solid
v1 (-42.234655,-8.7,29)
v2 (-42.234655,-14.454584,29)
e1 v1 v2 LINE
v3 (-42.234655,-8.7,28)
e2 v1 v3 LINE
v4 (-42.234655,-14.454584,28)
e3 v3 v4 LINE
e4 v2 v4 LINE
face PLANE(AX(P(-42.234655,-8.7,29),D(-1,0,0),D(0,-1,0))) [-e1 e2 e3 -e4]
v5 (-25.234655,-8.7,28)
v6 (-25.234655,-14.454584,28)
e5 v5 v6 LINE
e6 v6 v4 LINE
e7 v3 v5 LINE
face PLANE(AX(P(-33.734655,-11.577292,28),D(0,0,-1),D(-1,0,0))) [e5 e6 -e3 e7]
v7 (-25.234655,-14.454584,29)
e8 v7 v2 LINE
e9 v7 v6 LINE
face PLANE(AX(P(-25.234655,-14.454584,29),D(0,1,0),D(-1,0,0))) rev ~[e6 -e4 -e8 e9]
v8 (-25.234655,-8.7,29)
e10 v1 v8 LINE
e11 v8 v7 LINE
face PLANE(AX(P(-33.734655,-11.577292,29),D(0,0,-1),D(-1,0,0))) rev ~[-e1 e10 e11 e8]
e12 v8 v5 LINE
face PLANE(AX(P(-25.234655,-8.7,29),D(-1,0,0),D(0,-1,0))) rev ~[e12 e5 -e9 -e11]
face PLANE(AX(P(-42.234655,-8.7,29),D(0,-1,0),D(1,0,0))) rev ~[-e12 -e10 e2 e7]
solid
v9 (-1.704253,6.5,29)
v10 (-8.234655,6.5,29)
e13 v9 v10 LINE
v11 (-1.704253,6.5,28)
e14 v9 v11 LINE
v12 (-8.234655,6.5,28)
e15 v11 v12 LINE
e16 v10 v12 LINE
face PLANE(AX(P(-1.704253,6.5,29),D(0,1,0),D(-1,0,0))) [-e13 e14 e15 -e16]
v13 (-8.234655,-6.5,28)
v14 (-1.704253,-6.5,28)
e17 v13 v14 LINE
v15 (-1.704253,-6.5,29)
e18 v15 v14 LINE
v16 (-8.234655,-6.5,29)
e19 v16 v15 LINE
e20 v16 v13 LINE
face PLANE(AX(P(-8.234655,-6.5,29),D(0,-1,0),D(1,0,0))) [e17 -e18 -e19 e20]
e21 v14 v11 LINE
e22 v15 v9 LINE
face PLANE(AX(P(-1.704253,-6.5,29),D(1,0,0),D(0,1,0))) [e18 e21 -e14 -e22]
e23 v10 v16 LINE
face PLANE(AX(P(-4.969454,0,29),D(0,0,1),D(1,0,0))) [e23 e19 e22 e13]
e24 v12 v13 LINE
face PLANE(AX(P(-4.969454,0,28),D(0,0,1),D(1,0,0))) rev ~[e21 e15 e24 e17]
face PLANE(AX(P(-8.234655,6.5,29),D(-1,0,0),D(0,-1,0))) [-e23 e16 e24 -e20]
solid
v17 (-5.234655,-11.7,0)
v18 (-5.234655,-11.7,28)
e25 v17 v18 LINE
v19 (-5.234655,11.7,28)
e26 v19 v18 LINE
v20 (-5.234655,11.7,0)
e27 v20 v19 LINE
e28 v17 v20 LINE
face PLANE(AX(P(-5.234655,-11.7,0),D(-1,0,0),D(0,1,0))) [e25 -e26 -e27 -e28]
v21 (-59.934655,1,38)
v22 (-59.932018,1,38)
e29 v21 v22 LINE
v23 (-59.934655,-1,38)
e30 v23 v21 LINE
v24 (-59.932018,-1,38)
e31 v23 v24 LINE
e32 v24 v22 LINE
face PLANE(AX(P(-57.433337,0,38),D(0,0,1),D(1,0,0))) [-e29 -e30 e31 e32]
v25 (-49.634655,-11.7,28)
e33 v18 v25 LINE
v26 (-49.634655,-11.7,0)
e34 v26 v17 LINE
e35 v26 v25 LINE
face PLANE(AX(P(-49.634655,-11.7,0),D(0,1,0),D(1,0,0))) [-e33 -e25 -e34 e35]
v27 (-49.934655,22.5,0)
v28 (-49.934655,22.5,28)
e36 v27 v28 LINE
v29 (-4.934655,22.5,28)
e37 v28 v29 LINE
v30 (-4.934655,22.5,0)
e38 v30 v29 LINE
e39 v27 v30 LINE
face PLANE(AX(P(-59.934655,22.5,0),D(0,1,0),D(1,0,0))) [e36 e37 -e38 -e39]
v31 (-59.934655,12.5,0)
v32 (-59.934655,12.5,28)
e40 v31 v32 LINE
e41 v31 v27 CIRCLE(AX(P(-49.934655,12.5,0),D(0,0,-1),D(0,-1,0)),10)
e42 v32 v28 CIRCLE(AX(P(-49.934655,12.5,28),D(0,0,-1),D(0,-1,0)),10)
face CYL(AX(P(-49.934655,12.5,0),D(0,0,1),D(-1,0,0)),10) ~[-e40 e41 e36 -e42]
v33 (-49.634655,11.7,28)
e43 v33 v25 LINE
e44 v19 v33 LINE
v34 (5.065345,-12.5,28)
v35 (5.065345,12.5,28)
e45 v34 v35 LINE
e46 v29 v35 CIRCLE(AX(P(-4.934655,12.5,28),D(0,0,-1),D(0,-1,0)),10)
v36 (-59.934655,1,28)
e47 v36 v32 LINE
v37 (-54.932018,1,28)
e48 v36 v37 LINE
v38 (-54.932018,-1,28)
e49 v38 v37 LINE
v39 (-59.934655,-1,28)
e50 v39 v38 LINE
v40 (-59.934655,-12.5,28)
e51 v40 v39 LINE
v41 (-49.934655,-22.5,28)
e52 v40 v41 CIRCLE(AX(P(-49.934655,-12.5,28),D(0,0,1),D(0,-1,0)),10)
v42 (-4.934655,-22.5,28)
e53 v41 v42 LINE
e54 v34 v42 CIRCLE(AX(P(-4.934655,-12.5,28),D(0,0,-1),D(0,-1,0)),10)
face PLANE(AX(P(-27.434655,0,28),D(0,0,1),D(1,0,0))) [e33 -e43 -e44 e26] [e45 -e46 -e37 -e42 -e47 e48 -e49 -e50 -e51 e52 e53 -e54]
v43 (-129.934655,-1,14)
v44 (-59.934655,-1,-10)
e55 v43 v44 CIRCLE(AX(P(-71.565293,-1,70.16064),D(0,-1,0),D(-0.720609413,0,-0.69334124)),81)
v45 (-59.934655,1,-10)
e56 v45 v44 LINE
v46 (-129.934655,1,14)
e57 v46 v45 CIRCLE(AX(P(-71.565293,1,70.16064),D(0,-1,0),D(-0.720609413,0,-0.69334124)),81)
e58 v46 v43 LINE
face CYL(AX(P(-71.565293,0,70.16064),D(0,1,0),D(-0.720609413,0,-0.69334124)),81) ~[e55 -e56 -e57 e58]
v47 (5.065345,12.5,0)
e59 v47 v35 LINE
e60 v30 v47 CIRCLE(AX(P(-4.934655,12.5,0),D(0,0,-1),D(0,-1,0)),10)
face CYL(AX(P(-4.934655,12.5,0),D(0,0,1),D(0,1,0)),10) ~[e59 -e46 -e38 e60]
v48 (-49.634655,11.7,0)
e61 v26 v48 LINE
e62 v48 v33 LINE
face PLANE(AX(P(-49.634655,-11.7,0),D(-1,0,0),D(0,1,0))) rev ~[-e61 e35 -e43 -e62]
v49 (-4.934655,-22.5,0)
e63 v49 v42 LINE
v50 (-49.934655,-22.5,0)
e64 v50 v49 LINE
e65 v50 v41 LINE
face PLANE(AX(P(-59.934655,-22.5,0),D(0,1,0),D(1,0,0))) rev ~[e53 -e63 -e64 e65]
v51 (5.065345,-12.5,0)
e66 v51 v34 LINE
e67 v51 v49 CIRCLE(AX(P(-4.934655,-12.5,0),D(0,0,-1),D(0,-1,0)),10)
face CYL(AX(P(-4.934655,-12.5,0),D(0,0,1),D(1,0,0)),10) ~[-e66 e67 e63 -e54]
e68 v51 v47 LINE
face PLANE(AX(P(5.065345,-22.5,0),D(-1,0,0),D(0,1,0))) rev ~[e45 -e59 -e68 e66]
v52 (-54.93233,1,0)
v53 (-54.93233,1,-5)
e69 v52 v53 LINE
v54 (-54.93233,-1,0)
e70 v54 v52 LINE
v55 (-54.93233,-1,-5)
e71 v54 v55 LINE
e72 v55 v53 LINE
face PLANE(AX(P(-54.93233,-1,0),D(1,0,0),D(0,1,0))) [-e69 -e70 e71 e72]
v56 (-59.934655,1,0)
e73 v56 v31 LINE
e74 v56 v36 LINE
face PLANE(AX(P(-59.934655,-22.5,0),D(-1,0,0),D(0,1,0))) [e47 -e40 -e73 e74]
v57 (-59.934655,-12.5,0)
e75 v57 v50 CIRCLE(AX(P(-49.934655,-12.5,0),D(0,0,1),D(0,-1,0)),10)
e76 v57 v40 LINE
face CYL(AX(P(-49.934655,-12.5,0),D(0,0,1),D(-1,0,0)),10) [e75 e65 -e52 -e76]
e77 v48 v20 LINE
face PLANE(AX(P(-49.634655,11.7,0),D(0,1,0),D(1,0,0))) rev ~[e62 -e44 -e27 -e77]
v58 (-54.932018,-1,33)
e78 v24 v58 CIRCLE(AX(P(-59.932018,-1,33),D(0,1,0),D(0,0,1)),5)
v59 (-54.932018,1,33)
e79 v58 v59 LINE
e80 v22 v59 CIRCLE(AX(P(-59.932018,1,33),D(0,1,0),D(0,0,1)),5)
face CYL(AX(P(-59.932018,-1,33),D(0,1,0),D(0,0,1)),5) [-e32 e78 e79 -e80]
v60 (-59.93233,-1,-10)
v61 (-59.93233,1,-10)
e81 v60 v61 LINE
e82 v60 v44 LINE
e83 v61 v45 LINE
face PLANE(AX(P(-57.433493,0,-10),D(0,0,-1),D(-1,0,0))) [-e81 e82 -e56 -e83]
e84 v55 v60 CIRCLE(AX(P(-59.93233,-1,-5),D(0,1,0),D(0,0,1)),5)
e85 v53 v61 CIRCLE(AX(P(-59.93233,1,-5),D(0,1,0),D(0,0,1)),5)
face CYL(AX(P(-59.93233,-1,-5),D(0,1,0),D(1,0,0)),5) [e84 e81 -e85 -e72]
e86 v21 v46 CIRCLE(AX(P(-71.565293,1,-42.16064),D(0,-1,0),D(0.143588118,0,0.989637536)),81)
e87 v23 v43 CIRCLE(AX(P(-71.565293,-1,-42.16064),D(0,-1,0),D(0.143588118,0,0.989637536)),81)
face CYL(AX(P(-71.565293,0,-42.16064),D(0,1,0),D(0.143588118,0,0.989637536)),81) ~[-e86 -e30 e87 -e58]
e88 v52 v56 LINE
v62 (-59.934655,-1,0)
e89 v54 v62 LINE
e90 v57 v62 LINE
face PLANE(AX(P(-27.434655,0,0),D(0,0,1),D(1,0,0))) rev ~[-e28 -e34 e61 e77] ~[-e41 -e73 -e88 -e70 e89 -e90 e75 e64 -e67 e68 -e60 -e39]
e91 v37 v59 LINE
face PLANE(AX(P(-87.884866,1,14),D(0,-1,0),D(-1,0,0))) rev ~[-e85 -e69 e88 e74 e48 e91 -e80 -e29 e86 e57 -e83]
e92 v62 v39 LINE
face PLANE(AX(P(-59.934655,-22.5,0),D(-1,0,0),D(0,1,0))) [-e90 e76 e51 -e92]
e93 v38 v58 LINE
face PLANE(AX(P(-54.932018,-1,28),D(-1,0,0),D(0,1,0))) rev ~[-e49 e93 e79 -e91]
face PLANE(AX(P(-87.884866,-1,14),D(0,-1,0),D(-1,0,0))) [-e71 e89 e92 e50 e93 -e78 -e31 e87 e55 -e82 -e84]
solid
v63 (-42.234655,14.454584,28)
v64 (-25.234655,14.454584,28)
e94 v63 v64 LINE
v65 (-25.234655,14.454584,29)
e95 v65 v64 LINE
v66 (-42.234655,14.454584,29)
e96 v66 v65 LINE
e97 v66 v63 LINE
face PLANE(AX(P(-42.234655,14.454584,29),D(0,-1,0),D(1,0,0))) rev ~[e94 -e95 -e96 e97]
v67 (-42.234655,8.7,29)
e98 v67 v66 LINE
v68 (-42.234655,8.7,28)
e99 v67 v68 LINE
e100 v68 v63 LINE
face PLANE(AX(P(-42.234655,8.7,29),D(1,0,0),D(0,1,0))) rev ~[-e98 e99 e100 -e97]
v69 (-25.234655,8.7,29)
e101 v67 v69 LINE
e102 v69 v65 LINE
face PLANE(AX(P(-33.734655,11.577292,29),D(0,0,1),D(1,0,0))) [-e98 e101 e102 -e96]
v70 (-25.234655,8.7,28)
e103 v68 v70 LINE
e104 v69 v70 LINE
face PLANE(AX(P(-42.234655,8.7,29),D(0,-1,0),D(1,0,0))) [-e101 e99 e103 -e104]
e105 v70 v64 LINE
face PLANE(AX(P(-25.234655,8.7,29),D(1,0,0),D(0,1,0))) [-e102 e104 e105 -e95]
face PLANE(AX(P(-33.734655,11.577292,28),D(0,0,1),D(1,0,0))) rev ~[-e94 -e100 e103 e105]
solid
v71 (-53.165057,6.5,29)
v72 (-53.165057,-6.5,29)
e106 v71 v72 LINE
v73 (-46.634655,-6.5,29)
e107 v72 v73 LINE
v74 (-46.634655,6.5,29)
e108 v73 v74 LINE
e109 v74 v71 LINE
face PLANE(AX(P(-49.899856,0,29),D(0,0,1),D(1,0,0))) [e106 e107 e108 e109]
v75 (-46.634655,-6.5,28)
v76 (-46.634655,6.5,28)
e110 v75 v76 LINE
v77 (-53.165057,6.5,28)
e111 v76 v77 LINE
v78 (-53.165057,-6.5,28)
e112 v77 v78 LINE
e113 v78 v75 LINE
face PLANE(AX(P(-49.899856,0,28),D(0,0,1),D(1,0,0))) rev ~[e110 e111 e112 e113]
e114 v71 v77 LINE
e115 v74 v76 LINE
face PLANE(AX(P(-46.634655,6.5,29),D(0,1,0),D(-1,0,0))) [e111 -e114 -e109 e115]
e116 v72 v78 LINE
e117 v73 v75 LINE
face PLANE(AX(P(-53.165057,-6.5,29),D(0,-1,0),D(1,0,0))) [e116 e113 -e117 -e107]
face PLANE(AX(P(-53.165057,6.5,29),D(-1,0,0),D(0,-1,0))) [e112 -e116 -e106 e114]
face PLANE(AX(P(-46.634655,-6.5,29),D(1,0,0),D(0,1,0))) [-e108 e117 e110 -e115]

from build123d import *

# Parameters (mm, degrees)
SKETCH_1_W           = 65
SKETCH_1_H           = 45
EXTRUDE_1_DEPTH      = 28
SKETCH_2_W           = 44.4
SKETCH_2_H           = 23.4
CUT_EXTRUDE_1_DEPTH  = 39
FILLET_1_R           = 10
FILLET_2_R           = 10
FILLET_3_R           = 10
FILLET_4_R           = 10
EXTRUDE_6_DEPTH      = 1
EXTRUDE_6_2_DEPTH    = 1
EXTRUDE_6_3_DEPTH    = 1
SKETCH_10_W          = 17
SKETCH_10_H          = 5.754584259
EXTRUDE_6_4_DEPTH    = 1
SKETCH_20_W          = 5.002637397
SKETCH_20_H          = 2
EXTRUDE_7_DEPTH      = 10
SKETCH_21_W          = 5.00232547
SKETCH_21_H          = 2
EXTRUDE_8_DEPTH      = 10
EXTRUDE_9_DEPTH      = 1
EXTRUDE_9_DEPTH_BACK = 1
FILLET_5_R           = 5
FILLET_6_R           = 5


with BuildPart() as part:
    # 草圖1 → 填料-伸長1 (new body)
    with BuildSketch(Plane.XY):
        with Locations((-27.434655272, 0)):
            Rectangle(SKETCH_1_W, SKETCH_1_H)
    extrude(amount=EXTRUDE_1_DEPTH)

    # 草圖2 → 除料-伸長1 (cut)
    with BuildSketch(Plane.XY):
        with Locations((-27.434655272, 0)):
            Rectangle(SKETCH_2_W, SKETCH_2_H)
    extrude(amount=CUT_EXTRUDE_1_DEPTH, mode=Mode.SUBTRACT)

    # 圓角1
    fillet_1_edges = [part.edges().sort_by_distance(p)[0] for p in [
        (-59.934655272, -22.5, 14),
    ]]
    fillet(fillet_1_edges, radius=FILLET_1_R)

    # 圓角2
    fillet_2_edges = [part.edges().sort_by_distance(p)[0] for p in [
        (-59.934655272, 22.5, 14),
    ]]
    fillet(fillet_2_edges, radius=FILLET_2_R)

    # 圓角3
    fillet_3_edges = [part.edges().sort_by_distance(p)[0] for p in [
        (5.065344728, 22.5, 14),
    ]]
    fillet(fillet_3_edges, radius=FILLET_3_R)

    # 圓角4
    fillet_4_edges = [part.edges().sort_by_distance(p)[0] for p in [
        (5.065344728, -22.5, 14),
    ]]
    fillet(fillet_4_edges, radius=FILLET_4_R)

    # 草圖20 → 填料-伸長7 (add)
    with BuildSketch(Plane.XY.offset(28)):
        with Locations((-57.433336574, 0)):
            Rectangle(SKETCH_20_W, SKETCH_20_H)
    extrude(amount=EXTRUDE_7_DEPTH)

    # 草圖21 → 填料-伸長8 (add)
    with BuildSketch(Plane(origin=(0, 0, 0), x_dir=(-1, 0, 0), z_dir=(0, 0, -1))):
        with Locations((57.433492537, 0)):
            Rectangle(SKETCH_21_W, SKETCH_21_H)
    extrude(amount=EXTRUDE_8_DEPTH)

    # 草圖22 → 填料-伸長9 (add, two sides)
    with BuildSketch(Plane(origin=(0, 0, 0), x_dir=(1, 0, 0), z_dir=(0, 1, 0))) as extrude_9_sk:
        with BuildLine():
            Line((-59.934655272, 10), (-59.934655272, -38))
            ThreePointArc((-59.934655272, -38), (-97.835563119, -34.46098122), (-129.934655272, -14))
            ThreePointArc((-129.934655272, -14), (-97.835563119, 6.46098122), (-59.934655272, 10))
        make_face()
    extrude(amount=EXTRUDE_9_DEPTH)
    extrude(extrude_9_sk.sketch, amount=-EXTRUDE_9_DEPTH_BACK)

    # 圓角5
    fillet_5_edges = [part.edges().sort_by_distance(p)[0] for p in [
        (-54.932329802, 0, -10),
    ]]
    fillet(fillet_5_edges, radius=FILLET_5_R)

    # 圓角6
    fillet_6_edges = [part.edges().sort_by_distance(p)[0] for p in [
        (-54.932017875, 0, 38),
    ]]
    fillet(fillet_6_edges, radius=FILLET_6_R)


with BuildPart() as body_2:
    # 草圖10 → 填料-伸長6 (new body)
    with BuildSketch(Plane.XY.offset(29)):
        Polygon((-49.634655272, 6.5), (-53.165057103, 6.5), (-53.165057103, -6.5), (-46.634655272, -6.5), (-46.634655272, 6.5), align=None)
    extrude(amount=-EXTRUDE_6_DEPTH)


with BuildPart() as body_3:
    # 草圖10 → Extrude 6 2 (new body)
    with BuildSketch(Plane.XY.offset(29)):
        Polygon((-42.234655272, -11.7), (-42.234655272, -8.7), (-25.234655272, -8.7), (-25.234655272, -14.454584259), (-42.234655272, -14.454584259), align=None)
    extrude(amount=-EXTRUDE_6_2_DEPTH)


with BuildPart() as body_4:
    # 草圖10 → Extrude 6 3 (new body)
    with BuildSketch(Plane.XY.offset(29)):
        Polygon((-8.234655272, 6.5), (-8.234655272, -6.5), (-5.234655272, -6.5), (-1.70425344, -6.5), (-1.70425344, 6.5), align=None)
    extrude(amount=-EXTRUDE_6_3_DEPTH)


with BuildPart() as body_5:
    # 草圖10 → Extrude 6 4 (new body)
    with BuildSketch(Plane.XY.offset(29)):
        with Locations((-33.734655272, 11.57729213)):
            Rectangle(SKETCH_10_W, SKETCH_10_H)
    extrude(amount=-EXTRUDE_6_4_DEPTH)


solid = Compound([part.part, body_2.part, body_3.part, body_4.part, body_5.part])
